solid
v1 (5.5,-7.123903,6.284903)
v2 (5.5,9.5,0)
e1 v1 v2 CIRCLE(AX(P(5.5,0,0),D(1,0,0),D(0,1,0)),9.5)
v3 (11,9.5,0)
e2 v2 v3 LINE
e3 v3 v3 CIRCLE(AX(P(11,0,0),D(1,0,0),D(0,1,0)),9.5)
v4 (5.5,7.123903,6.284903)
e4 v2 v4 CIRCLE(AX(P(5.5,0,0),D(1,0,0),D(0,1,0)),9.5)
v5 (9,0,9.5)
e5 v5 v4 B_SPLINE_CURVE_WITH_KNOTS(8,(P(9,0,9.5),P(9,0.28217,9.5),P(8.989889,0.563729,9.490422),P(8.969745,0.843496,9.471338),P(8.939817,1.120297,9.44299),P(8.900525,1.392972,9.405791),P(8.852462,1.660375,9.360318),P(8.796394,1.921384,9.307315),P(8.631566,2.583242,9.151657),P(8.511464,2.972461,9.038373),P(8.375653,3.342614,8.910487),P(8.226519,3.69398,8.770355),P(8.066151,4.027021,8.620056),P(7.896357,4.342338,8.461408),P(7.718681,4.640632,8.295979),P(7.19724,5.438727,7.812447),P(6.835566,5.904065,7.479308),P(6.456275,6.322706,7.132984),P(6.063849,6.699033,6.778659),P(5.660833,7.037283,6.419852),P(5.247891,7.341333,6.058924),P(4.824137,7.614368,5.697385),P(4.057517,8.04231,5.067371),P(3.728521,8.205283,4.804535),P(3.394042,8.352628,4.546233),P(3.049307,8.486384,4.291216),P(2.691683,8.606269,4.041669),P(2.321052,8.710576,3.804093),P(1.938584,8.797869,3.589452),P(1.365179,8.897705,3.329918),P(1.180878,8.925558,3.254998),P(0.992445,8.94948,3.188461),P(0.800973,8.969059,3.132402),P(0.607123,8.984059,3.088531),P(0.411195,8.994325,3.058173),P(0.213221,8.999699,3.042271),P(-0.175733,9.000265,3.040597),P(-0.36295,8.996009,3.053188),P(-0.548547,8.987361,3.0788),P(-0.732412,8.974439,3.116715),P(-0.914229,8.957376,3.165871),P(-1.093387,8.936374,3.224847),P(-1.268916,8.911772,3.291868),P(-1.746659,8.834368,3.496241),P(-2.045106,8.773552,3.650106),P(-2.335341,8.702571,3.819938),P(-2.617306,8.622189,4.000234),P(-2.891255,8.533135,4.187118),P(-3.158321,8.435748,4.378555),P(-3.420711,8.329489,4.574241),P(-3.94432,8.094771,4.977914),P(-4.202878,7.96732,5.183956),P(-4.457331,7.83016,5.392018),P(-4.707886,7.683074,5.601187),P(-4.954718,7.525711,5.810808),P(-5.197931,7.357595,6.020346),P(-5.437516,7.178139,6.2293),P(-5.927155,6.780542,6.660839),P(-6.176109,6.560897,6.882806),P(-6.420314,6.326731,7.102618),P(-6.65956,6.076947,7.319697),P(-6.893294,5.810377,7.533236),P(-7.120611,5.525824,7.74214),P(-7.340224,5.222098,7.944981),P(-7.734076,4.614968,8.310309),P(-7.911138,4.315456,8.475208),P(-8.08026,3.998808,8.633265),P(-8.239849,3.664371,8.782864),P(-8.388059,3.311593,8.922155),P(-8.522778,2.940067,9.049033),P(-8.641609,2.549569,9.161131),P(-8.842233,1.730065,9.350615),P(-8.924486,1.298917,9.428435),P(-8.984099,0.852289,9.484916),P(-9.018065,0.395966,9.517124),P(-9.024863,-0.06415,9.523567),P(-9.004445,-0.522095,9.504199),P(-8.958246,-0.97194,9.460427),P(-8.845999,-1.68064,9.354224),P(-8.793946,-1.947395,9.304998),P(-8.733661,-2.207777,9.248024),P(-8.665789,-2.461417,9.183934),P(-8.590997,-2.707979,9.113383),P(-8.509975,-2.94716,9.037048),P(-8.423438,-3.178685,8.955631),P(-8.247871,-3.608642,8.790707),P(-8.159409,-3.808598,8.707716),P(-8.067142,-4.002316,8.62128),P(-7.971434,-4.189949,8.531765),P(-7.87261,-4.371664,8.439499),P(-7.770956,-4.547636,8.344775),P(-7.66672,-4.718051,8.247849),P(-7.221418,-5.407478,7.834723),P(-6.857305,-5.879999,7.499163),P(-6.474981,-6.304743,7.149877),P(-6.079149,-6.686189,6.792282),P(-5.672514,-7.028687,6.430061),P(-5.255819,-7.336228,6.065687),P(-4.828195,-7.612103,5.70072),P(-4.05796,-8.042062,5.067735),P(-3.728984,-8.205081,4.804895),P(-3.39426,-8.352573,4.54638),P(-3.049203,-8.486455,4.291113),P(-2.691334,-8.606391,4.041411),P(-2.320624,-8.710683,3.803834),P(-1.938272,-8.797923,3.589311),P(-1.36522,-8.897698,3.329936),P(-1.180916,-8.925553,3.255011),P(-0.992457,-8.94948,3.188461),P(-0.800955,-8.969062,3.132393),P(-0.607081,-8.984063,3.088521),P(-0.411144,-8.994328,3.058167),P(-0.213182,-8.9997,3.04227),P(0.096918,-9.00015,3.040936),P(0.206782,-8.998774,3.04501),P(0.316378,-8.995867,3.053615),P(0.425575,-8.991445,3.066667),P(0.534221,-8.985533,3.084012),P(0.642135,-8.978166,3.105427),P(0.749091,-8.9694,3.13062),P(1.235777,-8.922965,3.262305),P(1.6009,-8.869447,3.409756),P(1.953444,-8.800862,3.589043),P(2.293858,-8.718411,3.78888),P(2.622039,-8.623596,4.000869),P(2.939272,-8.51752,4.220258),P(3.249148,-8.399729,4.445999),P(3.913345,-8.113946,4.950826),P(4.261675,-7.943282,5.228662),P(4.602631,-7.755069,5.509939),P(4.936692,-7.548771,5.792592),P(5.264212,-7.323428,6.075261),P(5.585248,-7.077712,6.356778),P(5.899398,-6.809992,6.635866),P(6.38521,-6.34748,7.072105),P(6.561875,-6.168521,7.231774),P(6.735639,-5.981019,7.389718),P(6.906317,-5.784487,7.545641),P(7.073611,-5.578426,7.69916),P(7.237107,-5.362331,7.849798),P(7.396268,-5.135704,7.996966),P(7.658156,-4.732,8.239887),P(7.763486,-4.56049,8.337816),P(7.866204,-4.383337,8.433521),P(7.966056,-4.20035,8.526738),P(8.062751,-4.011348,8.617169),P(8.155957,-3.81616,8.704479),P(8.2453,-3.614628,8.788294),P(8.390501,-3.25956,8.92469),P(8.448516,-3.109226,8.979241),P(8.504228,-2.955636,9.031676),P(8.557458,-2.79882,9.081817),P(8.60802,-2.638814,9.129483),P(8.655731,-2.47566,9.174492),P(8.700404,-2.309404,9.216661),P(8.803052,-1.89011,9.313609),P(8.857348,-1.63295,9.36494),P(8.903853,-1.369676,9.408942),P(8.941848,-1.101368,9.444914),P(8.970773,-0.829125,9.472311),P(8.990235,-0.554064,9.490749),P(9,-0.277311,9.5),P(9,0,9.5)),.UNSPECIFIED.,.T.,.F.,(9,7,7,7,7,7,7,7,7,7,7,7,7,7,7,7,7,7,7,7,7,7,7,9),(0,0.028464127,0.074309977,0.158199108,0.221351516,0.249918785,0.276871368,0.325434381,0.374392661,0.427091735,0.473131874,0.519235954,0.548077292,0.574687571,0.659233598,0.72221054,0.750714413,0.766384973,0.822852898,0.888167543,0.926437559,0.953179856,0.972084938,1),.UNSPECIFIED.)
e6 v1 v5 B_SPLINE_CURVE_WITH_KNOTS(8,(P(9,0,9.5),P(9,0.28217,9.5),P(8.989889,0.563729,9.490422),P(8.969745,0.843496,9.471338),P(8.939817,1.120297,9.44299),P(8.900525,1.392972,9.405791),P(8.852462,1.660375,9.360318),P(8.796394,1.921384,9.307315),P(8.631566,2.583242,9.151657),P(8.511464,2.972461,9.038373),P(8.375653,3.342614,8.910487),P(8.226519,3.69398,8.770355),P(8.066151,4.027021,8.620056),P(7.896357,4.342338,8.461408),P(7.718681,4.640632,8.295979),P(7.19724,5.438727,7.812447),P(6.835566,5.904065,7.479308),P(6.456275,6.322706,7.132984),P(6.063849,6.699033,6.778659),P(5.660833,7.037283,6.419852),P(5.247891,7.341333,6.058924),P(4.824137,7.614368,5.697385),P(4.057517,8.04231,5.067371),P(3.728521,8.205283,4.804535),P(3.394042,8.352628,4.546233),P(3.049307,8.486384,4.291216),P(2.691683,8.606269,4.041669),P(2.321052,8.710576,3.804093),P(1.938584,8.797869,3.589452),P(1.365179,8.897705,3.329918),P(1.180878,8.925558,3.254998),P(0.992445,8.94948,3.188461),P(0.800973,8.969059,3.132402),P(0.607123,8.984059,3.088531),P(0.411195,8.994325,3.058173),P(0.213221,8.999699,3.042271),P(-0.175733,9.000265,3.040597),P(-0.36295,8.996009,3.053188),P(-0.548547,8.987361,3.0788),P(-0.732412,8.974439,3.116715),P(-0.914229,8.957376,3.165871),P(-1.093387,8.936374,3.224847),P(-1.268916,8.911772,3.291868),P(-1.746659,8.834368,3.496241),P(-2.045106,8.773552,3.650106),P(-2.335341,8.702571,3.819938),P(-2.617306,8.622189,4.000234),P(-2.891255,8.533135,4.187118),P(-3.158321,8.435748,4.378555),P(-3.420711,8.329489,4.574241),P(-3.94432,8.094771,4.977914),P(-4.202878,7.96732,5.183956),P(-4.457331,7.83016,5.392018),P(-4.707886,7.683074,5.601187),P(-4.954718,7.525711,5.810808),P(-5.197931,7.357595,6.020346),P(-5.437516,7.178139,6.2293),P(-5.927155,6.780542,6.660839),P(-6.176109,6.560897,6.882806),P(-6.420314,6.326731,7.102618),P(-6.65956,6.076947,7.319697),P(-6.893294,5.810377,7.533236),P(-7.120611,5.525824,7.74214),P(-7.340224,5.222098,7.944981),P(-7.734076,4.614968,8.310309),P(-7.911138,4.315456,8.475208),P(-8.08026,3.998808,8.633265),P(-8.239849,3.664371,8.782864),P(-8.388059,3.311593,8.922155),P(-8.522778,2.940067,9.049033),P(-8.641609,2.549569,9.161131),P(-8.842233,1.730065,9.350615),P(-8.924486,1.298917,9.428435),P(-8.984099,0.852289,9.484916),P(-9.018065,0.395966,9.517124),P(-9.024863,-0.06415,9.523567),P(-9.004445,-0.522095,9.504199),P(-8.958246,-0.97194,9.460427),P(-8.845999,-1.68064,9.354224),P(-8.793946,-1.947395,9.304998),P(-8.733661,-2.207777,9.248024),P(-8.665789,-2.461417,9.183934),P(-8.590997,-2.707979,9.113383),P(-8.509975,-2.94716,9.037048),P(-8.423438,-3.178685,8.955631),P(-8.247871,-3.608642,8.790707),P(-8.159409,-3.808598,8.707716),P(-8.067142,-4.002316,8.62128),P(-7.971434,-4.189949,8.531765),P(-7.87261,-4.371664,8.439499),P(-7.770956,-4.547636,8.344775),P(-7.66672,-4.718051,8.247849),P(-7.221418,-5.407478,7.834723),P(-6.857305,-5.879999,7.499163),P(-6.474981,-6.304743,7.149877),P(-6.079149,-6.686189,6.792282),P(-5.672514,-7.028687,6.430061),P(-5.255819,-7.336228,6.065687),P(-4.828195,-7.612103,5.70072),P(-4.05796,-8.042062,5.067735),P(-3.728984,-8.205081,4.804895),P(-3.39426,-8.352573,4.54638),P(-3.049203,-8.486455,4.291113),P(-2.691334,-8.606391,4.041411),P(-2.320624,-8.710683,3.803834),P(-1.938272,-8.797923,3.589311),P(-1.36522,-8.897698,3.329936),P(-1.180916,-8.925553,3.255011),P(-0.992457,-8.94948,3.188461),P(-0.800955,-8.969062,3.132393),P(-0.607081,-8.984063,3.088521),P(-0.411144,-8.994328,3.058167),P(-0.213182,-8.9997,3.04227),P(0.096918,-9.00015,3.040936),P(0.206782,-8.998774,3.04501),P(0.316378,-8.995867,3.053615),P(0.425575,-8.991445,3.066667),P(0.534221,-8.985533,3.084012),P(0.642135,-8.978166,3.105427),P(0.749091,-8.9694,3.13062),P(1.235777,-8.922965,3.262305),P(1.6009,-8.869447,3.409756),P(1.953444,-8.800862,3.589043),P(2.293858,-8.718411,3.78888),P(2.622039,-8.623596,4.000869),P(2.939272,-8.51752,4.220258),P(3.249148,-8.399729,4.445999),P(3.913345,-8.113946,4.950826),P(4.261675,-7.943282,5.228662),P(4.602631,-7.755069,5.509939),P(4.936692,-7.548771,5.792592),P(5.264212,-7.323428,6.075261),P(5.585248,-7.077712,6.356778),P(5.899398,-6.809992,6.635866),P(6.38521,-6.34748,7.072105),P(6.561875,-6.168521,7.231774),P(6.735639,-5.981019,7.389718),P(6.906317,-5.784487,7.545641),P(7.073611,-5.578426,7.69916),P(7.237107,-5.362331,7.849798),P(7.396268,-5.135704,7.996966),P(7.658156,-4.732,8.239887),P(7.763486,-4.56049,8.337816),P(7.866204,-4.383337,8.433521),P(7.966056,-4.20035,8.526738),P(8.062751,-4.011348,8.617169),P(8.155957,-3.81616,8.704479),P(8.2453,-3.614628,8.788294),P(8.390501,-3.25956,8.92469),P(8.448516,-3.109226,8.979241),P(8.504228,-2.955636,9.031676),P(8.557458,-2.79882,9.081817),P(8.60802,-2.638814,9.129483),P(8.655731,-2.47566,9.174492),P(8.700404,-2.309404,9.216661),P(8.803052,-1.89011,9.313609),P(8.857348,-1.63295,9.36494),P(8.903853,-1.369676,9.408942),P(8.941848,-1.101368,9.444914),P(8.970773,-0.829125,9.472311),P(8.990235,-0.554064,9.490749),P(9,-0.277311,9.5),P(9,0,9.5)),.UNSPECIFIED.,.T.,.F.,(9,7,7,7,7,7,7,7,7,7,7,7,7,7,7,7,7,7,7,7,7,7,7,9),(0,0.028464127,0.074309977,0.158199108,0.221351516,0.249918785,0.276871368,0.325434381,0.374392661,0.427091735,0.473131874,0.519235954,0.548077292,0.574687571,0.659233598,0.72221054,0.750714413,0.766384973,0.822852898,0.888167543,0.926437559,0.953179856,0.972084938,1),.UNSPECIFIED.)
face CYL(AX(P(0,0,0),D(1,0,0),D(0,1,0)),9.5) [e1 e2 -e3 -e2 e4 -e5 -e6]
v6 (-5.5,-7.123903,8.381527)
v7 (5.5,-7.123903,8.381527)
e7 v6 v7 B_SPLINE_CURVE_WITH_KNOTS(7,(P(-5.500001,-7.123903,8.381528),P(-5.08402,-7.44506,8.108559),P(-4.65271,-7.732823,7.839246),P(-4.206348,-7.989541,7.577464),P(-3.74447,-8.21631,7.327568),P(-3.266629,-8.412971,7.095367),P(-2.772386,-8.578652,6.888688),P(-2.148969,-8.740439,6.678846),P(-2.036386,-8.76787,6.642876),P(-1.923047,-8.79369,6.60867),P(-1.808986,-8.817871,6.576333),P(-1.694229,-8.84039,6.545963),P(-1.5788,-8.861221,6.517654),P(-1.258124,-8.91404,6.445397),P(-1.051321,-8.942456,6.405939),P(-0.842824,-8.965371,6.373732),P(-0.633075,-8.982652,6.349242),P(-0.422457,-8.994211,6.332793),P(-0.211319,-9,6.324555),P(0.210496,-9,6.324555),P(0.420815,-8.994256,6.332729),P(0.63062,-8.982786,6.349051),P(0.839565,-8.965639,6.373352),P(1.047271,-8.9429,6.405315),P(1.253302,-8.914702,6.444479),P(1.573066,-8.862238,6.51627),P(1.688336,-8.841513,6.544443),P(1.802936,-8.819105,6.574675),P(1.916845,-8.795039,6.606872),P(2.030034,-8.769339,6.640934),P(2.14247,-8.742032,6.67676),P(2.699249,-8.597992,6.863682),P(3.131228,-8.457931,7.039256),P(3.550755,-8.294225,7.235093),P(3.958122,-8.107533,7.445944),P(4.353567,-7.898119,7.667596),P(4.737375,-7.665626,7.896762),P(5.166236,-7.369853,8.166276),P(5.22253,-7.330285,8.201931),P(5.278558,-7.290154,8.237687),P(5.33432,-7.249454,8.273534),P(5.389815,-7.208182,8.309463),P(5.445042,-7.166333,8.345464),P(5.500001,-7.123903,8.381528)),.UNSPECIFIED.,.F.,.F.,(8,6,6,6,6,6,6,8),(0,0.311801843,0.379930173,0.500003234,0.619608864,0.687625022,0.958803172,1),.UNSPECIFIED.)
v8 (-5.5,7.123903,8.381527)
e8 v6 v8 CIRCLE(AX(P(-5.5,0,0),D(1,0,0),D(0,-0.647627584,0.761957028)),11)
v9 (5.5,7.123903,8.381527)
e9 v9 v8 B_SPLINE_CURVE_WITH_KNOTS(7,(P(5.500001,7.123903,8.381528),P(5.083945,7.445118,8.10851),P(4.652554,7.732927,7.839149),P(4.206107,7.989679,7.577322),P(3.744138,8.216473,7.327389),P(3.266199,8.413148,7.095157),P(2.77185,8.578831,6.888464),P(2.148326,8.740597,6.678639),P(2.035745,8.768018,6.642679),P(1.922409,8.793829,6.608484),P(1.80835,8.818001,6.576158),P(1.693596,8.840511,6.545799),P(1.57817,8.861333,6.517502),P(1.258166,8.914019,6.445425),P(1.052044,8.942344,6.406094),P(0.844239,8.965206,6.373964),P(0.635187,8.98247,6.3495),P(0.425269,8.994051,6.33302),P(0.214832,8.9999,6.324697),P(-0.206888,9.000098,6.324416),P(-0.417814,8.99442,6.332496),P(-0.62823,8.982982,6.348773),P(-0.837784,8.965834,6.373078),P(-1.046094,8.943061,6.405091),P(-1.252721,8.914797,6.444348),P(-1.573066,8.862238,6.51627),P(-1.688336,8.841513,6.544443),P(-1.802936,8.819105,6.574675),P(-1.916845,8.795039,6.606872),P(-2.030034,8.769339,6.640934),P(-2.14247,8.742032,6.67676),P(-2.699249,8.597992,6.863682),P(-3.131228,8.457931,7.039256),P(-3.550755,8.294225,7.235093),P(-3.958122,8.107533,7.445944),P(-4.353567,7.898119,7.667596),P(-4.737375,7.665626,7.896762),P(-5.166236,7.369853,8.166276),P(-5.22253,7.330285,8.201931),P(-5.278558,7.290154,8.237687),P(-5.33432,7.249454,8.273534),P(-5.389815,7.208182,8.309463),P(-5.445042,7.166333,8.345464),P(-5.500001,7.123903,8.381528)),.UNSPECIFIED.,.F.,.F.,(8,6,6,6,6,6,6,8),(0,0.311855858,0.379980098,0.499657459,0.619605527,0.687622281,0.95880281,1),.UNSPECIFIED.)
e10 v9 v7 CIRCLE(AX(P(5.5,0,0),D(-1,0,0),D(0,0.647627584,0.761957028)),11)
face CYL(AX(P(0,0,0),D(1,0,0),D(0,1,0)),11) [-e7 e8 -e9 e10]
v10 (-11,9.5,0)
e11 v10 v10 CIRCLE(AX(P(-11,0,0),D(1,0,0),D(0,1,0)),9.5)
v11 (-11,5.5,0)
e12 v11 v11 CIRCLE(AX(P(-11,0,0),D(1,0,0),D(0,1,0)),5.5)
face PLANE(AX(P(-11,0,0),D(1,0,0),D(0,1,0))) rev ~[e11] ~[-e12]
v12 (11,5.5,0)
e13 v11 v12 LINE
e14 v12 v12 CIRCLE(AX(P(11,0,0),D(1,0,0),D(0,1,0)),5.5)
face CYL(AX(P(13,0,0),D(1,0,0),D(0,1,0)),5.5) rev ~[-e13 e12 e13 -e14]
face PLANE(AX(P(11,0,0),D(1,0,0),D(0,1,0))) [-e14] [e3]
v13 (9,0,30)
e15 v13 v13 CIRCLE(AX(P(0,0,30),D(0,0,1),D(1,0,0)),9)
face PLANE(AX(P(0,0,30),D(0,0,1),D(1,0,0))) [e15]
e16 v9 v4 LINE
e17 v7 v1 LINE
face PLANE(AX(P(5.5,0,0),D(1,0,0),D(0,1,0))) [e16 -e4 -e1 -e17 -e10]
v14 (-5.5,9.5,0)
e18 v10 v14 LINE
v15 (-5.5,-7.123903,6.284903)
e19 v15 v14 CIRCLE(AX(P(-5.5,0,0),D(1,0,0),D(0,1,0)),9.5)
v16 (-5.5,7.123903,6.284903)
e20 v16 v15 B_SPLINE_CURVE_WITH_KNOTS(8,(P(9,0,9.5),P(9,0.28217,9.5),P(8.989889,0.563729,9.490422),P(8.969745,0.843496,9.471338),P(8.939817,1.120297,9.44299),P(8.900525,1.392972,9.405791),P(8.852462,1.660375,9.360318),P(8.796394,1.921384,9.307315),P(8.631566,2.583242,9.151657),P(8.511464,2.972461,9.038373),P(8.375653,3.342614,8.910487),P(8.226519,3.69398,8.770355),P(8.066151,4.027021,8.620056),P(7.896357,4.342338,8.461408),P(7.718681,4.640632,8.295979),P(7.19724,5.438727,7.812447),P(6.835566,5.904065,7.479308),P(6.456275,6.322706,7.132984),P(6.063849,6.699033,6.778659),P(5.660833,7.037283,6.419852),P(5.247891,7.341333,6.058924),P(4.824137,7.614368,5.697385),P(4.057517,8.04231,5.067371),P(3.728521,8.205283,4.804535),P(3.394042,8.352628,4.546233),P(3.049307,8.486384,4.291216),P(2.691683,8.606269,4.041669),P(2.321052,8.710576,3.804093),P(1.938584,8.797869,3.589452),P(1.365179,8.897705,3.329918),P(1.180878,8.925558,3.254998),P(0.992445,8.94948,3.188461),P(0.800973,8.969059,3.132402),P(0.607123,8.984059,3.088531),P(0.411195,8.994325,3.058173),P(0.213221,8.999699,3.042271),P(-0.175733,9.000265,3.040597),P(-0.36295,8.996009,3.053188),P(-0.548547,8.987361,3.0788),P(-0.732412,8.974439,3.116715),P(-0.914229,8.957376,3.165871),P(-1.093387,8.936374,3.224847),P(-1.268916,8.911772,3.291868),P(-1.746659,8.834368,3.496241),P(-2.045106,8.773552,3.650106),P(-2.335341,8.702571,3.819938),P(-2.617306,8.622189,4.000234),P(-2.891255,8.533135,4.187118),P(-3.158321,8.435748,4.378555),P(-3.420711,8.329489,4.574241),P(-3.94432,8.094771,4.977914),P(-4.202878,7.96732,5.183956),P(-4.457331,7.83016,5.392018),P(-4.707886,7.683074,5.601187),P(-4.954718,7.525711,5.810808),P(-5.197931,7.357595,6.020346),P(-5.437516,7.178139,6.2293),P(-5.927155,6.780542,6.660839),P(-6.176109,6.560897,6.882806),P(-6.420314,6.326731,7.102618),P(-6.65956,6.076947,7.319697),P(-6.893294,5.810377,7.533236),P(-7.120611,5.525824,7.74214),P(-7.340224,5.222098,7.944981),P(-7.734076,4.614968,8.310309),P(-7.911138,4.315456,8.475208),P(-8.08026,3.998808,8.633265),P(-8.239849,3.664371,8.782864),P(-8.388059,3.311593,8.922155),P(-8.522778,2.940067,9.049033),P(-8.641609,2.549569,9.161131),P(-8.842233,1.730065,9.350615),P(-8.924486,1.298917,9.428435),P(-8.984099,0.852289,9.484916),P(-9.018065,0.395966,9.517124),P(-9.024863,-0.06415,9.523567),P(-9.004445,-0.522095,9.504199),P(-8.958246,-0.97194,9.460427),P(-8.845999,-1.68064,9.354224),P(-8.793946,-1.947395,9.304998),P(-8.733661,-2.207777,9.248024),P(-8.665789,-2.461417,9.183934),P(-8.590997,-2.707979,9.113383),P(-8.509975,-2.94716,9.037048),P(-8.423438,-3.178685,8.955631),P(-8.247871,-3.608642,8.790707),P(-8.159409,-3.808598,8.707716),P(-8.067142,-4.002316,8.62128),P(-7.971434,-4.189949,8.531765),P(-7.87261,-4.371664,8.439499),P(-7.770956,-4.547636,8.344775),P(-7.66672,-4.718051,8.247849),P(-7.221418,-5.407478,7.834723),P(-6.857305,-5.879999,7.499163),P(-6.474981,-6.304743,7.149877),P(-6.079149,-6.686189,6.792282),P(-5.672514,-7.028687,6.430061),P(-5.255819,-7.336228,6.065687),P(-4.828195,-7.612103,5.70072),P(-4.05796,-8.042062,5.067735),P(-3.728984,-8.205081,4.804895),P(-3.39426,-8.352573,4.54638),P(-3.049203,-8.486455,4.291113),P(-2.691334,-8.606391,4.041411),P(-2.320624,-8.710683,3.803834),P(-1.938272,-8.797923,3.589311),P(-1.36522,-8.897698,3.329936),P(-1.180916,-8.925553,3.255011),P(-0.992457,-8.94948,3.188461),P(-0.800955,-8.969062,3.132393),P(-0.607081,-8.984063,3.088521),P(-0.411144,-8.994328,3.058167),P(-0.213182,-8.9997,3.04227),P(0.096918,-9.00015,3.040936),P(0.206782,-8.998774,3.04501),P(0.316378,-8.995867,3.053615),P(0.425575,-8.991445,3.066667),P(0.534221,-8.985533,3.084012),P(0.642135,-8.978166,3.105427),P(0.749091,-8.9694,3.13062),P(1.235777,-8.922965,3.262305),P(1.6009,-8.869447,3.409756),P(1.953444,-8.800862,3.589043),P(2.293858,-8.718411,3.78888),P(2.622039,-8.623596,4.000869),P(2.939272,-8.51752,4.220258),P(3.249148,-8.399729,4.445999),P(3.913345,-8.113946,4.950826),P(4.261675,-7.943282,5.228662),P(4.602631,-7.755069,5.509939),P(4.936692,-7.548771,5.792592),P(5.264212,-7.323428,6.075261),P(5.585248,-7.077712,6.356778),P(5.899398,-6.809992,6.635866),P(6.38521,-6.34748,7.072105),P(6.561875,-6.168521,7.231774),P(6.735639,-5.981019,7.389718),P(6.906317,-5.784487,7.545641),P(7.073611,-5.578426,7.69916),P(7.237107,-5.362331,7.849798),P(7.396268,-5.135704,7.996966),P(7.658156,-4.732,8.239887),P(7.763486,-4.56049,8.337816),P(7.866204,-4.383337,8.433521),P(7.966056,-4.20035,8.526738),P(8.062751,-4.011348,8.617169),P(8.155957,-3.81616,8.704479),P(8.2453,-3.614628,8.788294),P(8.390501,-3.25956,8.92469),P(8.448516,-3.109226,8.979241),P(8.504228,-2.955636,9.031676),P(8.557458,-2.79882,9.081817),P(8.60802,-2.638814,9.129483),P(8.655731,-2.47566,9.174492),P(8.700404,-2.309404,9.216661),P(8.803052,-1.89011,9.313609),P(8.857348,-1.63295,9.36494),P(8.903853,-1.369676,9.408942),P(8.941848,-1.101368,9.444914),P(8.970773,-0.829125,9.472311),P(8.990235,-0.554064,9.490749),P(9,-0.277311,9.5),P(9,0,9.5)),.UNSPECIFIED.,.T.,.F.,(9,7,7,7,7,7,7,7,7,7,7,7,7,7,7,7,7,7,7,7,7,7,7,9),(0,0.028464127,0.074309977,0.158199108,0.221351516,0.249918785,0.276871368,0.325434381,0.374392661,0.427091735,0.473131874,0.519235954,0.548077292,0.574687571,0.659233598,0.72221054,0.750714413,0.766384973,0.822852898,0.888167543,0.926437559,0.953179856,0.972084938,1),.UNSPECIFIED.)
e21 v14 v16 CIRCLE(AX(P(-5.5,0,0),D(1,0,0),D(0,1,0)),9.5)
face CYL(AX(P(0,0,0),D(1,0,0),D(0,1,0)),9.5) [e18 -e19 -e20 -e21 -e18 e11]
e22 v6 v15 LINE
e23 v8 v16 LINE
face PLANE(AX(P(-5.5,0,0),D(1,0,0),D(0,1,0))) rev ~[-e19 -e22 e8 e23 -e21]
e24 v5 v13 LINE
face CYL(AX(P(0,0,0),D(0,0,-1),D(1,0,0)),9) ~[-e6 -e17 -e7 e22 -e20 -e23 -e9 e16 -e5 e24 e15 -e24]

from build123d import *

# Parameters (mm, degrees)
F0_R     = 9.5
F1_DEPTH = 11
F2_R     = 9
F3_DEPTH = 30
F5_R     = 11
F6_DEPTH = 5.5
F7_R     = 5.5
F8_DEPTH = 38.19265


with BuildPart() as f1:
    # F0 (on Right) → F1 (new body, symmetric)
    with BuildSketch(Plane.YZ):
        Circle(F0_R)
    extrude(amount=F1_DEPTH, both=True)

    # F2 (on Top) → F3 (join)
    with BuildSketch(Plane.XY):
        Circle(F2_R)
    extrude(amount=F3_DEPTH)

    # F5 (on Right) → F6 (join, symmetric)
    with BuildSketch(Plane.YZ):
        Circle(F5_R)
    extrude(amount=F6_DEPTH, both=True)

    # F7 (on offset) → F8 (cut, symmetric)
    with BuildSketch(Plane.YZ.offset(13)):
        Circle(F7_R)
    extrude(amount=F8_DEPTH, both=True, mode=Mode.SUBTRACT)


solid = f1.part
